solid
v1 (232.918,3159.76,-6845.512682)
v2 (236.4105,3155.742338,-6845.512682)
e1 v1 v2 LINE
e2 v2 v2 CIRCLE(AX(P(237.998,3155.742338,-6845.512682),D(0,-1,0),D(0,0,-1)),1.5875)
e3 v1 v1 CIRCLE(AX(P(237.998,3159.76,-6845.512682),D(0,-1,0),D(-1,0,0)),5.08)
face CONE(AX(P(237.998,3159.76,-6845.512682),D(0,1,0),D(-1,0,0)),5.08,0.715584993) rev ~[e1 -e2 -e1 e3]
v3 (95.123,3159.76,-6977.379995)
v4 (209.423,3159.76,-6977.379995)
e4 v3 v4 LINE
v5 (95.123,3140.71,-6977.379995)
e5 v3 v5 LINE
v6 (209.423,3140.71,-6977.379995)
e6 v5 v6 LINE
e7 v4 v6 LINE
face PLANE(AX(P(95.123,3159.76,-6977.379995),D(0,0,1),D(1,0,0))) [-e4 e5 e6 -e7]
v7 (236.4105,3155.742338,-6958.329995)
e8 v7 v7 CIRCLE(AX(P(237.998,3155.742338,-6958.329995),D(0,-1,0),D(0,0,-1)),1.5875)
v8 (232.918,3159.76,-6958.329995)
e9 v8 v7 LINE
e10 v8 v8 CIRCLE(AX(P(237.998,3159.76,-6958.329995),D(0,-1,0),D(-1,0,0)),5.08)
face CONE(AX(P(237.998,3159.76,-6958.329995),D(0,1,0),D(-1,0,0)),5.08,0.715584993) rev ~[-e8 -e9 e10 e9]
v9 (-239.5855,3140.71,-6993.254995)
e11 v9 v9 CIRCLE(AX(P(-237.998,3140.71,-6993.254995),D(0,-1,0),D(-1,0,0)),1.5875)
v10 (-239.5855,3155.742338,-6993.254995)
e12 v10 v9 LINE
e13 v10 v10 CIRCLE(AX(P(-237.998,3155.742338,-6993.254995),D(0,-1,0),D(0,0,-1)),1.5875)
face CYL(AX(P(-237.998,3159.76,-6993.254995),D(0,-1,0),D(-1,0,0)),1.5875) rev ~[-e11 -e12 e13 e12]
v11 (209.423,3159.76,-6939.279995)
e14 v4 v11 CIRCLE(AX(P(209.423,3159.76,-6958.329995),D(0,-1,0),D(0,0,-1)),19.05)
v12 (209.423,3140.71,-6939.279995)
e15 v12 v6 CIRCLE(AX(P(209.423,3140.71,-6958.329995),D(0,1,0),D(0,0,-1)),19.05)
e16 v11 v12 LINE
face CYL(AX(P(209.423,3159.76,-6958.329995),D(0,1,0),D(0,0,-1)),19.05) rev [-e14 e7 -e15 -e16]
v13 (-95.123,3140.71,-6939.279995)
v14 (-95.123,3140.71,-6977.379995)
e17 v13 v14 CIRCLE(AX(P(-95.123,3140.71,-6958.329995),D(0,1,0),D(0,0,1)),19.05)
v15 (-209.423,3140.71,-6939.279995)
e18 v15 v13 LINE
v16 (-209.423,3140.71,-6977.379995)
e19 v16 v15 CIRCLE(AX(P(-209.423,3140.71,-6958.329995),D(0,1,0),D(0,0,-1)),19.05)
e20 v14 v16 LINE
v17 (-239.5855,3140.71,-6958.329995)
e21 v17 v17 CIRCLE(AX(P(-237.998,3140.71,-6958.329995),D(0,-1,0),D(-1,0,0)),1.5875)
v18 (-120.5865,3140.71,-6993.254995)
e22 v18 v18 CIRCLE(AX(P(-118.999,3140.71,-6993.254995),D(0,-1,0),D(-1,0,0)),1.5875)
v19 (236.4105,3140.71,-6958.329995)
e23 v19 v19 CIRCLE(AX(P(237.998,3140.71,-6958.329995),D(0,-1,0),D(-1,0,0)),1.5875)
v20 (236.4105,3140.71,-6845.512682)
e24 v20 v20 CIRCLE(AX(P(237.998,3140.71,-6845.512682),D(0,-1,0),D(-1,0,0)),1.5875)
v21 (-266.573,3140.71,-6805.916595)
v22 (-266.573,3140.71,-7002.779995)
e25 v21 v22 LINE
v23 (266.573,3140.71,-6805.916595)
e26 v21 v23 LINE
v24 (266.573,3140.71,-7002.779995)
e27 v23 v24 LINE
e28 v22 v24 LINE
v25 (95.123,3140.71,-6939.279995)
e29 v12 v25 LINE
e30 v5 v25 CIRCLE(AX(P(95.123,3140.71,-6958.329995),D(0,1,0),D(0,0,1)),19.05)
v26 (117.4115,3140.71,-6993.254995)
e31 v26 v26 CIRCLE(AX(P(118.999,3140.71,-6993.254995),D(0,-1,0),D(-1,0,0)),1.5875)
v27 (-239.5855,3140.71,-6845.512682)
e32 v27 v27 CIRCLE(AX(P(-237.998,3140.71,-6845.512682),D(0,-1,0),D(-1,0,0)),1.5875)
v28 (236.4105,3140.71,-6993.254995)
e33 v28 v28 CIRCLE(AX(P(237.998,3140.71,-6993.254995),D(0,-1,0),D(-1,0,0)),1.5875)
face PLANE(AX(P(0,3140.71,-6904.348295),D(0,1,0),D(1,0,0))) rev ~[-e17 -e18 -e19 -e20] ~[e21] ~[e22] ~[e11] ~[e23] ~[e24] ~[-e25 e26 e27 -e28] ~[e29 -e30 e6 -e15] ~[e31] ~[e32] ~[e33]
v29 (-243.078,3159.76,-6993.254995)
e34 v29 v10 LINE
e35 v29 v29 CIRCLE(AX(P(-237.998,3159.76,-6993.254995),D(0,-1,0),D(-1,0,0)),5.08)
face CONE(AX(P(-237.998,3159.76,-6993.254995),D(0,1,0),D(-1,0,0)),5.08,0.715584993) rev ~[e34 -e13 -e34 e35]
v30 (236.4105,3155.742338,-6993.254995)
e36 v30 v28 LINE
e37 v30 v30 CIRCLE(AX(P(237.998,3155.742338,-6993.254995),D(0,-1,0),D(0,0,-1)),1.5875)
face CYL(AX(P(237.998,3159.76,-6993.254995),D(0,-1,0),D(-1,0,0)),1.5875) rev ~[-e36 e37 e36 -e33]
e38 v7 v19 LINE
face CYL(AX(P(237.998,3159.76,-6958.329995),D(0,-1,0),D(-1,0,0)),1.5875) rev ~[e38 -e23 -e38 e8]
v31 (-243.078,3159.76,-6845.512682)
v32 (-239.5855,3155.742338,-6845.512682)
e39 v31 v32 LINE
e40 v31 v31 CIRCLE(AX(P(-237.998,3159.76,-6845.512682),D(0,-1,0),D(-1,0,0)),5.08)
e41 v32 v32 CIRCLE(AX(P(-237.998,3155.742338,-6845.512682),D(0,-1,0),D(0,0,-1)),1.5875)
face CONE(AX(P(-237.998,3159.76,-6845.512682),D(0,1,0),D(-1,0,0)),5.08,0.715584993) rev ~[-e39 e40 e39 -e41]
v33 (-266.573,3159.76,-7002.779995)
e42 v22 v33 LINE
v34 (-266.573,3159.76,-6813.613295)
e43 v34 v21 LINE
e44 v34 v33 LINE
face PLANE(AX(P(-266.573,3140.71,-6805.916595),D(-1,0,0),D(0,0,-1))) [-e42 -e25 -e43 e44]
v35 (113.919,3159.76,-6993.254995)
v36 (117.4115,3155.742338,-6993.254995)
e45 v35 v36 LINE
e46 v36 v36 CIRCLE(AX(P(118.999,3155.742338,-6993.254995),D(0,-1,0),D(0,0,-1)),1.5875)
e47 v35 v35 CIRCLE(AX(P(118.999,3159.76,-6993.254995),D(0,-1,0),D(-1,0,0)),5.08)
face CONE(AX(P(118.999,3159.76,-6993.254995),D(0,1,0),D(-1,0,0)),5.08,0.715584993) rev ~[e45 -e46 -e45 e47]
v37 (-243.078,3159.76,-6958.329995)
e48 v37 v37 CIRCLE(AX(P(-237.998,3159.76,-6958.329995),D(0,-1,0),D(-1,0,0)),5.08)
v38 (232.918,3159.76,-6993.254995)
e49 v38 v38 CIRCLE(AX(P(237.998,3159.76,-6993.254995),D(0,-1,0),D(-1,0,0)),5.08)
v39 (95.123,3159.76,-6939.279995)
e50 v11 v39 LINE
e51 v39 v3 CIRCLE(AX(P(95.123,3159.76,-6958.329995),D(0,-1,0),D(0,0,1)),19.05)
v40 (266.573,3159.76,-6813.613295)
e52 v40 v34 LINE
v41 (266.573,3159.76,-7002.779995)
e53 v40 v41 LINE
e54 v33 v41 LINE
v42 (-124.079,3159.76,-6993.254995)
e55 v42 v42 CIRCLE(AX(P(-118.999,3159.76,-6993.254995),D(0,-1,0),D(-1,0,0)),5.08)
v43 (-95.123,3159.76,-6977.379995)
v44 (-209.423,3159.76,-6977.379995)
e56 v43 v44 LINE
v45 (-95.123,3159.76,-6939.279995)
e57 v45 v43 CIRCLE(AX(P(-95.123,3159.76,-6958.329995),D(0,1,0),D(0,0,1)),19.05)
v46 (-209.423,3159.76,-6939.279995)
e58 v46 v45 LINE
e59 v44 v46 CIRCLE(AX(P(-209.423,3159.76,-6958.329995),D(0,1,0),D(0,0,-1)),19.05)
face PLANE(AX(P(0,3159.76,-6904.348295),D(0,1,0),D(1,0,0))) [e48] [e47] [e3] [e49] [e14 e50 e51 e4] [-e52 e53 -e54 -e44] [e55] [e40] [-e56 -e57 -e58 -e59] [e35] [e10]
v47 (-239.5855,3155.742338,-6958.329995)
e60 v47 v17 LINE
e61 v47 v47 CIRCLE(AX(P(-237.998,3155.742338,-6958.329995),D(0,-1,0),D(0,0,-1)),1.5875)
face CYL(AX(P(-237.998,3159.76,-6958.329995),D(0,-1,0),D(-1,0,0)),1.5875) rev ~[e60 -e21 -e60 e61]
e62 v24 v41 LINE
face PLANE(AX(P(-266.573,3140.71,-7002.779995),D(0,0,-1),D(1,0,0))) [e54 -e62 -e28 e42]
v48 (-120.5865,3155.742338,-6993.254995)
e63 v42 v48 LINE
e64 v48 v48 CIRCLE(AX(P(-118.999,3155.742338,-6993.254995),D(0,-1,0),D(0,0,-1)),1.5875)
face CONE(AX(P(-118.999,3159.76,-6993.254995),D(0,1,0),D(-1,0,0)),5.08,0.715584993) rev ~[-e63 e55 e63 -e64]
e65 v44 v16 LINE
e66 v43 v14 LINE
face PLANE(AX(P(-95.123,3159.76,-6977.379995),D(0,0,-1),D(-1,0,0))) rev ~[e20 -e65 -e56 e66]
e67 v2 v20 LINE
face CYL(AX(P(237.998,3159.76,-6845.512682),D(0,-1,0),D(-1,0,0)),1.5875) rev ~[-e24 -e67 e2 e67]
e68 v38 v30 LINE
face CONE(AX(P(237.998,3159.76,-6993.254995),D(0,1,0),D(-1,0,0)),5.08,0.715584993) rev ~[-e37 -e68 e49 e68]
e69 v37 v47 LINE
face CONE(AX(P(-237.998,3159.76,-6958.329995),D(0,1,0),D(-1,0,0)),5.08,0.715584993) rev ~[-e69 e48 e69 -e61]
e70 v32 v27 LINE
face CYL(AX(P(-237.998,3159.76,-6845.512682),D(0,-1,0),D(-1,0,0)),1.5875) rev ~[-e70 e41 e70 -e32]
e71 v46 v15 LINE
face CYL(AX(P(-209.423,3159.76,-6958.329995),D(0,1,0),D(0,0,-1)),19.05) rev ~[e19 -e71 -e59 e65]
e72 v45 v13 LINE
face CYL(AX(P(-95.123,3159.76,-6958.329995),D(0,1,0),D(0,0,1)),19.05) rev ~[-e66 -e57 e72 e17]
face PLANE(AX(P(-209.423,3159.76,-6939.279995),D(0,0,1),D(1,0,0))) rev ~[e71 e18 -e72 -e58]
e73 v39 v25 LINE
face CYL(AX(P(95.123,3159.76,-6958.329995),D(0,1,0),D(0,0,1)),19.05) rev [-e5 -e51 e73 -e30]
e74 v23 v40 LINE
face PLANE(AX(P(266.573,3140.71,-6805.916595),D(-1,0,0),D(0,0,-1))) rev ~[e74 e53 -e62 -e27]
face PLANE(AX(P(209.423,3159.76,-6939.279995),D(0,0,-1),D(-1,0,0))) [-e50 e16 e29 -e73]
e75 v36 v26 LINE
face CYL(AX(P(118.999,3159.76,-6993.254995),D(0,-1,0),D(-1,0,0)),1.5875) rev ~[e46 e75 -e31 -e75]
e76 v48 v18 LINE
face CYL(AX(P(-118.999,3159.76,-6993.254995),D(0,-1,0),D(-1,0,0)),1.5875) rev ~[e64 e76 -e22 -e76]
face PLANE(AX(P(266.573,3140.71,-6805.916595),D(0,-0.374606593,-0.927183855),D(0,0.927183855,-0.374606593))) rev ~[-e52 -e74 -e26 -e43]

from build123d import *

# Parameters (mm, degrees)
SKETCH1_W           = 533.146
SKETCH1_H           = 196.863399688
BOSS_EXTRUDE1_DEPTH = 19.05
CUT_EXTRUDE1_DEPTH  = 7702.120410186
CUT_EXTRUDE2_DEPTH  = 7008.877833132
HOLE1_D             = 3.175
HOLE1_DEPTH         = 38.1
HOLE1_CSINK_D       = 10.16
HOLE1_CSINK_ANGLE   = 82
HOLE1_TIP           = 0.953866233


with BuildPart() as part:
    # Sketch1 → Boss-Extrude1 (new body)
    with BuildSketch(Plane(origin=(0, 3140.71, 0), x_dir=(1, 0, 0), z_dir=(0, 1, 0))):
        with Locations((0, 6904.348295077)):
            Rectangle(SKETCH1_W, SKETCH1_H)
    extrude(amount=BOSS_EXTRUDE1_DEPTH)

    # Sketch2 → Cut-Extrude1 (cut, through all)
    with BuildSketch(Plane(origin=(266.573, 0, 0), x_dir=(0, 0, -1), z_dir=(1, 0, 0))):
        Polygon((6805.916595233, 3140.710000001), (6813.613294835, 3159.760000001), (6805.916595233, 3159.760000001), align=None)
    extrude(amount=-CUT_EXTRUDE1_DEPTH, mode=Mode.SUBTRACT)

    # Sketch3 → Cut-Extrude2 (cut, through all)
    with BuildSketch(Plane(origin=(0, 3159.76, 0), x_dir=(1, 0, 0), z_dir=(0, 1, 0))):
        with BuildLine():
            Line((209.423, 6939.279994921), (95.123, 6939.279994921))
            ThreePointArc((95.123, 6939.279994921), (76.073, 6958.329994921), (95.123, 6977.379994921))
            Line((95.123, 6977.379994921), (209.423, 6977.379994921))
            ThreePointArc((209.423, 6977.379994921), (228.473, 6958.329994921), (209.423, 6939.279994921))
        make_face()
        with BuildLine():
            Line((-209.423, 6939.279994921), (-95.123, 6939.279994921))
            ThreePointArc((-95.123, 6939.279994921), (-76.073, 6958.329994921), (-95.123, 6977.379994921))
            Line((-95.123, 6977.379994921), (-209.423, 6977.379994921))
            ThreePointArc((-209.423, 6977.379994921), (-228.473, 6958.329994921), (-209.423, 6939.279994921))
        make_face()
    extrude(amount=-CUT_EXTRUDE2_DEPTH, mode=Mode.SUBTRACT)

    # Hole1
    with Locations(Plane(origin=(0, 3159.76, 0), x_dir=(1, 0, 0), z_dir=(0, 1, 0))):
        with Locations((-118.999, 6993.254994921), (237.998, 6993.254994921), (237.998, 6958.329994921), (237.998, 6845.512682081), (-237.998, 6993.254994921), (-237.998, 6958.329994921), (-237.998, 6845.512682081), (118.999, 6993.254994921)):
            CounterSinkHole(HOLE1_D / 2, HOLE1_CSINK_D / 2, depth=HOLE1_DEPTH, counter_sink_angle=HOLE1_CSINK_ANGLE)
            with Locations((0, 0, -(HOLE1_DEPTH + HOLE1_TIP / 2))):  # 118° drill point
                Cone(0, HOLE1_D / 2, HOLE1_TIP, mode=Mode.SUBTRACT)


solid = part.part
